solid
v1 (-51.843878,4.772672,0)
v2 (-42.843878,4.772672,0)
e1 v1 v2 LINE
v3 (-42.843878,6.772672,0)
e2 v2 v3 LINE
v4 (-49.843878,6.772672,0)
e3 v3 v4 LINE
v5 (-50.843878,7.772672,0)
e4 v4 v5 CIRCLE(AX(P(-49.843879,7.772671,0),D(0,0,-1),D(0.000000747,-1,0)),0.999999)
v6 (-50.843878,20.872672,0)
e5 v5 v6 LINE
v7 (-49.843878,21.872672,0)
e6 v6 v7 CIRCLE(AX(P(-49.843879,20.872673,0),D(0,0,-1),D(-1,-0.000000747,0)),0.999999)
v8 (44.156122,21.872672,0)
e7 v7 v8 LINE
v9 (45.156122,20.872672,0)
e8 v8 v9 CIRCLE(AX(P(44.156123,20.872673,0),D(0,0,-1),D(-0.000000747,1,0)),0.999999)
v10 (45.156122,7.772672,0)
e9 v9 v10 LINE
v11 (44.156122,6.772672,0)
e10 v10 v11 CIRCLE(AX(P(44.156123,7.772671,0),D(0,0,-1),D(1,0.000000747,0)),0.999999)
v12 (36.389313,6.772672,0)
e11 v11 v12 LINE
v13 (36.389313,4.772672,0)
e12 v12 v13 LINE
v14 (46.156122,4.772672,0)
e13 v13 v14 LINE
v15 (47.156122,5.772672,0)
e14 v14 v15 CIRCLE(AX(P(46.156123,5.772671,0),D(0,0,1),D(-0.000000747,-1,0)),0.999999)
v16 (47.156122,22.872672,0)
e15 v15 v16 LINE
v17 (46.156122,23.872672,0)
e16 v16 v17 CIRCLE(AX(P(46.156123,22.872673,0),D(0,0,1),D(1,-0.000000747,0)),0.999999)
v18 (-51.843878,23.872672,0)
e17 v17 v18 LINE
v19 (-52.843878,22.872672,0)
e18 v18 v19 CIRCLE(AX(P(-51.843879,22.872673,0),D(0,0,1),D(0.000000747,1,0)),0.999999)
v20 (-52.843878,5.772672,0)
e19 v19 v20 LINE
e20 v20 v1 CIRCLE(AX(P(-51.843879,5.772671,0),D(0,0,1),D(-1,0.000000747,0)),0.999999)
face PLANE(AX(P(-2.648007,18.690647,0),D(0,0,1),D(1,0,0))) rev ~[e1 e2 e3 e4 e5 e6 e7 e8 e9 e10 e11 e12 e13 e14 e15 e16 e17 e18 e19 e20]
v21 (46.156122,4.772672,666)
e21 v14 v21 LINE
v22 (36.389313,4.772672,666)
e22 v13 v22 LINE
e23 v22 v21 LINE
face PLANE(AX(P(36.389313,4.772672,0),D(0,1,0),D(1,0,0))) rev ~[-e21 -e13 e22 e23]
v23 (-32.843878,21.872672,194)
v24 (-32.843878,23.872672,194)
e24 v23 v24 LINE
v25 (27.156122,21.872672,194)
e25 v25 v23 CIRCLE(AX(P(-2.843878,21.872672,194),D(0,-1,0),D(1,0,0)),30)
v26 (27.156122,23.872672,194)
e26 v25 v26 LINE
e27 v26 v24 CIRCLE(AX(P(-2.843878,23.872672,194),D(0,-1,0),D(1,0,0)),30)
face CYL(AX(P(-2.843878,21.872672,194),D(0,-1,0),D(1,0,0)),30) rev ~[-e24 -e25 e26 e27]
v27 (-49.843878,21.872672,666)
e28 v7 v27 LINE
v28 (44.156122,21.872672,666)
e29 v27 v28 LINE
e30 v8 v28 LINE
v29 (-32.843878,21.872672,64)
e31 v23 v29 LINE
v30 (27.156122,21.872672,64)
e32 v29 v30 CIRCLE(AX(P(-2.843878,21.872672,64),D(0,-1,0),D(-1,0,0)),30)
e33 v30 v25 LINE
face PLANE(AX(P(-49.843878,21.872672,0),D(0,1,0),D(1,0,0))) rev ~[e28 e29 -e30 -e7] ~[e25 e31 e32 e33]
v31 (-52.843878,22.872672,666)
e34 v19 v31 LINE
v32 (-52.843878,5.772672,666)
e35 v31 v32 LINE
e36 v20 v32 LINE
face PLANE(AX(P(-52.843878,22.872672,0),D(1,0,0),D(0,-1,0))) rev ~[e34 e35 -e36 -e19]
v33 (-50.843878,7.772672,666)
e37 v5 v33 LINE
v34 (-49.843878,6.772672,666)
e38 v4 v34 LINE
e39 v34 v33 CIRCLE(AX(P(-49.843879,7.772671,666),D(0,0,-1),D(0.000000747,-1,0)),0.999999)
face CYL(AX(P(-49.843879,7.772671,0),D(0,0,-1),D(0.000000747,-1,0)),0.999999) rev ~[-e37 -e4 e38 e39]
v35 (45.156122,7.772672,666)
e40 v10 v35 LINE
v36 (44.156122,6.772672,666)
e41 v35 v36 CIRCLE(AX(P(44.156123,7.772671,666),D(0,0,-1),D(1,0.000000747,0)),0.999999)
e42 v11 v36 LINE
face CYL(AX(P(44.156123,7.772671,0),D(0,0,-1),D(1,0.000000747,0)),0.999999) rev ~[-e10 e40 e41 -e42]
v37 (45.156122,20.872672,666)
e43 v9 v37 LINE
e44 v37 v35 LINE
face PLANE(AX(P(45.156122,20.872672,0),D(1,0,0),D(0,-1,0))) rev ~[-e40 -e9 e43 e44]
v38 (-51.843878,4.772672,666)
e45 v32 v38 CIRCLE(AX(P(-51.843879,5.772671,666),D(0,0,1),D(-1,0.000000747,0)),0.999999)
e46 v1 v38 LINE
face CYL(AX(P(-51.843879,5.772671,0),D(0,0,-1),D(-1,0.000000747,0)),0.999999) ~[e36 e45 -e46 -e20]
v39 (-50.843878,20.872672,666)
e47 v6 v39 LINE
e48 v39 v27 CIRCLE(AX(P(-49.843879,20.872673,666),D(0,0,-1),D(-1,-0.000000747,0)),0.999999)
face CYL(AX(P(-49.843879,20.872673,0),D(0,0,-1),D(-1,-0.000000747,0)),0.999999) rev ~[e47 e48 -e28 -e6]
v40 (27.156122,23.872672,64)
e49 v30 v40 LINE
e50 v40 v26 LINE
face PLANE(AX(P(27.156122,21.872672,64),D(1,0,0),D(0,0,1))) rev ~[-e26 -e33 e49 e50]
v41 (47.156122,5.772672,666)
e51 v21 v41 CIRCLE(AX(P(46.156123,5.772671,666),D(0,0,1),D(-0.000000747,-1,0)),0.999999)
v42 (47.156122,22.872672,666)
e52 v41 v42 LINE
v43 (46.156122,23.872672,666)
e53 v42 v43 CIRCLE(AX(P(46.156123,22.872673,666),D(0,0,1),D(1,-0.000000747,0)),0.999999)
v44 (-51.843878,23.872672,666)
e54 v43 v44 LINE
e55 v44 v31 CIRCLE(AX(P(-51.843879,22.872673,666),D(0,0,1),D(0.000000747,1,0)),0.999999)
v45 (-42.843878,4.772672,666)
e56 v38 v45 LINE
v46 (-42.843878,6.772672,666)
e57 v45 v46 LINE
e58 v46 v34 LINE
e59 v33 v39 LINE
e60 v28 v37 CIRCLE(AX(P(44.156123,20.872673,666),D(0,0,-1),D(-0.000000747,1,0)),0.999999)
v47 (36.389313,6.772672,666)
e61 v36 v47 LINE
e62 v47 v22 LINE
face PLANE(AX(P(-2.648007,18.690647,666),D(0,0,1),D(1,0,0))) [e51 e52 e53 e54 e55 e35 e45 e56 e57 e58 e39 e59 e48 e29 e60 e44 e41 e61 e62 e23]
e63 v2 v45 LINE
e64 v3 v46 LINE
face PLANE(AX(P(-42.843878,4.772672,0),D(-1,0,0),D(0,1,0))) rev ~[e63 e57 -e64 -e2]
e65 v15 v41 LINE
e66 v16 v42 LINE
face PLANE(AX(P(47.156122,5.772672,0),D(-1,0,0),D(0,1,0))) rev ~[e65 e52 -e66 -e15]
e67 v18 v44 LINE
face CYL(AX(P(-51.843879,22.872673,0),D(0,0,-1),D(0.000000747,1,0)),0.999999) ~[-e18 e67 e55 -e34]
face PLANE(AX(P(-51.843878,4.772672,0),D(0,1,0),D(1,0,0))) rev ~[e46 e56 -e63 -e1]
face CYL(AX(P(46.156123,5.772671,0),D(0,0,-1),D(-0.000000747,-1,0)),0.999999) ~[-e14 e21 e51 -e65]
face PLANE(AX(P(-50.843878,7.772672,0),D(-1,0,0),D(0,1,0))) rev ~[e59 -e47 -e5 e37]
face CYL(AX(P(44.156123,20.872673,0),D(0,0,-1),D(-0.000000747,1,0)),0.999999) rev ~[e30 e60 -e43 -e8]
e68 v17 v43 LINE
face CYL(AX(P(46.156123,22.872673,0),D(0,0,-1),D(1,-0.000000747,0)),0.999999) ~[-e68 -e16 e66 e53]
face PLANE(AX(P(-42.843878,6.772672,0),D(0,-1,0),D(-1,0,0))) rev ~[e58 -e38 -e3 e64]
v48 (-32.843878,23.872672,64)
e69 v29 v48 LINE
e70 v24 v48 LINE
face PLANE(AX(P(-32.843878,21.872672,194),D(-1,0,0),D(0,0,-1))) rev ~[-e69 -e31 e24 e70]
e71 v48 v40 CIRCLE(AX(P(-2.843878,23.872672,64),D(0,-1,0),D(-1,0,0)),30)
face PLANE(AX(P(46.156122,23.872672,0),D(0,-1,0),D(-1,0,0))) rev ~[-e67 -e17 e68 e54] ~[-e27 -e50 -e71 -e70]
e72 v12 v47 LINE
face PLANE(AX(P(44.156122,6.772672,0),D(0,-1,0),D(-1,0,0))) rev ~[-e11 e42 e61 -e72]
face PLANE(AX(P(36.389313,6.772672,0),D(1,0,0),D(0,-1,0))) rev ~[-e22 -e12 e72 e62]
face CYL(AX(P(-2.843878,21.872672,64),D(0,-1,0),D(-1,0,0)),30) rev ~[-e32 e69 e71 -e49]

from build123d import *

# Parameters (mm, degrees)
F1_DEPTH = 666
F3_DEPTH = 2


with BuildPart() as f1:
    # F0 (on Top) → F1 (new body)
    with BuildSketch(Plane.XY):
        with BuildLine():
            Line((46.156122, 23.872672), (-51.843878, 23.872672))
            ThreePointArc((-51.843878, 23.872672), (-52.550985, 23.579779), (-52.843878, 22.872672))
            Line((-52.843878, 22.872672), (-52.843878, 5.772672))
            ThreePointArc((-52.843878, 5.772672), (-52.550985, 5.065565), (-51.843878, 4.772672))
            Line((-51.843878, 4.772672), (-42.843878, 4.772672))
            Line((-42.843878, 4.772672), (-42.843878, 6.772672))
            Line((-42.843878, 6.772672), (-49.843878, 6.772672))
            ThreePointArc((-49.843878, 6.772672), (-50.550985, 7.065565), (-50.843878, 7.772672))
            Line((-50.843878, 7.772672), (-50.843878, 20.872672))
            ThreePointArc((-50.843878, 20.872672), (-50.550985, 21.579779), (-49.843878, 21.872672))
            Line((-49.843878, 21.872672), (44.156122, 21.872672))
            ThreePointArc((44.156122, 21.872672), (44.863229, 21.579779), (45.156122, 20.872672))
            Line((45.156122, 20.872672), (45.156122, 7.772672))
            ThreePointArc((45.156122, 7.772672), (44.863229, 7.065565), (44.156122, 6.772672))
            Line((44.156122, 6.772672), (36.389313, 6.772672))
            Line((36.389313, 6.772672), (36.389313, 4.772672))
            Line((36.389313, 4.772672), (46.156122, 4.772672))
            ThreePointArc((46.156122, 4.772672), (46.863229, 5.065565), (47.156122, 5.772672))
            Line((47.156122, 5.772672), (47.156122, 22.872672))
            ThreePointArc((47.156122, 22.872672), (46.863229, 23.579779), (46.156122, 23.872672))
        make_face()
    extrude(amount=F1_DEPTH)

    # F2 (on face) → F3 (cut, through all)
    with BuildSketch(Plane.XZ.offset(-21.872672)):
        with BuildLine():
            ThreePointArc((-32.843878, 64), (-2.843878, 34), (27.156122, 64))
            Line((27.156122, 64), (27.156122, 194))
            ThreePointArc((27.156122, 194), (-2.843878, 224), (-32.843878, 194))
            Line((-32.843878, 194), (-32.843878, 64))
        make_face()
    extrude(amount=-F3_DEPTH, mode=Mode.SUBTRACT)


solid = f1.part
